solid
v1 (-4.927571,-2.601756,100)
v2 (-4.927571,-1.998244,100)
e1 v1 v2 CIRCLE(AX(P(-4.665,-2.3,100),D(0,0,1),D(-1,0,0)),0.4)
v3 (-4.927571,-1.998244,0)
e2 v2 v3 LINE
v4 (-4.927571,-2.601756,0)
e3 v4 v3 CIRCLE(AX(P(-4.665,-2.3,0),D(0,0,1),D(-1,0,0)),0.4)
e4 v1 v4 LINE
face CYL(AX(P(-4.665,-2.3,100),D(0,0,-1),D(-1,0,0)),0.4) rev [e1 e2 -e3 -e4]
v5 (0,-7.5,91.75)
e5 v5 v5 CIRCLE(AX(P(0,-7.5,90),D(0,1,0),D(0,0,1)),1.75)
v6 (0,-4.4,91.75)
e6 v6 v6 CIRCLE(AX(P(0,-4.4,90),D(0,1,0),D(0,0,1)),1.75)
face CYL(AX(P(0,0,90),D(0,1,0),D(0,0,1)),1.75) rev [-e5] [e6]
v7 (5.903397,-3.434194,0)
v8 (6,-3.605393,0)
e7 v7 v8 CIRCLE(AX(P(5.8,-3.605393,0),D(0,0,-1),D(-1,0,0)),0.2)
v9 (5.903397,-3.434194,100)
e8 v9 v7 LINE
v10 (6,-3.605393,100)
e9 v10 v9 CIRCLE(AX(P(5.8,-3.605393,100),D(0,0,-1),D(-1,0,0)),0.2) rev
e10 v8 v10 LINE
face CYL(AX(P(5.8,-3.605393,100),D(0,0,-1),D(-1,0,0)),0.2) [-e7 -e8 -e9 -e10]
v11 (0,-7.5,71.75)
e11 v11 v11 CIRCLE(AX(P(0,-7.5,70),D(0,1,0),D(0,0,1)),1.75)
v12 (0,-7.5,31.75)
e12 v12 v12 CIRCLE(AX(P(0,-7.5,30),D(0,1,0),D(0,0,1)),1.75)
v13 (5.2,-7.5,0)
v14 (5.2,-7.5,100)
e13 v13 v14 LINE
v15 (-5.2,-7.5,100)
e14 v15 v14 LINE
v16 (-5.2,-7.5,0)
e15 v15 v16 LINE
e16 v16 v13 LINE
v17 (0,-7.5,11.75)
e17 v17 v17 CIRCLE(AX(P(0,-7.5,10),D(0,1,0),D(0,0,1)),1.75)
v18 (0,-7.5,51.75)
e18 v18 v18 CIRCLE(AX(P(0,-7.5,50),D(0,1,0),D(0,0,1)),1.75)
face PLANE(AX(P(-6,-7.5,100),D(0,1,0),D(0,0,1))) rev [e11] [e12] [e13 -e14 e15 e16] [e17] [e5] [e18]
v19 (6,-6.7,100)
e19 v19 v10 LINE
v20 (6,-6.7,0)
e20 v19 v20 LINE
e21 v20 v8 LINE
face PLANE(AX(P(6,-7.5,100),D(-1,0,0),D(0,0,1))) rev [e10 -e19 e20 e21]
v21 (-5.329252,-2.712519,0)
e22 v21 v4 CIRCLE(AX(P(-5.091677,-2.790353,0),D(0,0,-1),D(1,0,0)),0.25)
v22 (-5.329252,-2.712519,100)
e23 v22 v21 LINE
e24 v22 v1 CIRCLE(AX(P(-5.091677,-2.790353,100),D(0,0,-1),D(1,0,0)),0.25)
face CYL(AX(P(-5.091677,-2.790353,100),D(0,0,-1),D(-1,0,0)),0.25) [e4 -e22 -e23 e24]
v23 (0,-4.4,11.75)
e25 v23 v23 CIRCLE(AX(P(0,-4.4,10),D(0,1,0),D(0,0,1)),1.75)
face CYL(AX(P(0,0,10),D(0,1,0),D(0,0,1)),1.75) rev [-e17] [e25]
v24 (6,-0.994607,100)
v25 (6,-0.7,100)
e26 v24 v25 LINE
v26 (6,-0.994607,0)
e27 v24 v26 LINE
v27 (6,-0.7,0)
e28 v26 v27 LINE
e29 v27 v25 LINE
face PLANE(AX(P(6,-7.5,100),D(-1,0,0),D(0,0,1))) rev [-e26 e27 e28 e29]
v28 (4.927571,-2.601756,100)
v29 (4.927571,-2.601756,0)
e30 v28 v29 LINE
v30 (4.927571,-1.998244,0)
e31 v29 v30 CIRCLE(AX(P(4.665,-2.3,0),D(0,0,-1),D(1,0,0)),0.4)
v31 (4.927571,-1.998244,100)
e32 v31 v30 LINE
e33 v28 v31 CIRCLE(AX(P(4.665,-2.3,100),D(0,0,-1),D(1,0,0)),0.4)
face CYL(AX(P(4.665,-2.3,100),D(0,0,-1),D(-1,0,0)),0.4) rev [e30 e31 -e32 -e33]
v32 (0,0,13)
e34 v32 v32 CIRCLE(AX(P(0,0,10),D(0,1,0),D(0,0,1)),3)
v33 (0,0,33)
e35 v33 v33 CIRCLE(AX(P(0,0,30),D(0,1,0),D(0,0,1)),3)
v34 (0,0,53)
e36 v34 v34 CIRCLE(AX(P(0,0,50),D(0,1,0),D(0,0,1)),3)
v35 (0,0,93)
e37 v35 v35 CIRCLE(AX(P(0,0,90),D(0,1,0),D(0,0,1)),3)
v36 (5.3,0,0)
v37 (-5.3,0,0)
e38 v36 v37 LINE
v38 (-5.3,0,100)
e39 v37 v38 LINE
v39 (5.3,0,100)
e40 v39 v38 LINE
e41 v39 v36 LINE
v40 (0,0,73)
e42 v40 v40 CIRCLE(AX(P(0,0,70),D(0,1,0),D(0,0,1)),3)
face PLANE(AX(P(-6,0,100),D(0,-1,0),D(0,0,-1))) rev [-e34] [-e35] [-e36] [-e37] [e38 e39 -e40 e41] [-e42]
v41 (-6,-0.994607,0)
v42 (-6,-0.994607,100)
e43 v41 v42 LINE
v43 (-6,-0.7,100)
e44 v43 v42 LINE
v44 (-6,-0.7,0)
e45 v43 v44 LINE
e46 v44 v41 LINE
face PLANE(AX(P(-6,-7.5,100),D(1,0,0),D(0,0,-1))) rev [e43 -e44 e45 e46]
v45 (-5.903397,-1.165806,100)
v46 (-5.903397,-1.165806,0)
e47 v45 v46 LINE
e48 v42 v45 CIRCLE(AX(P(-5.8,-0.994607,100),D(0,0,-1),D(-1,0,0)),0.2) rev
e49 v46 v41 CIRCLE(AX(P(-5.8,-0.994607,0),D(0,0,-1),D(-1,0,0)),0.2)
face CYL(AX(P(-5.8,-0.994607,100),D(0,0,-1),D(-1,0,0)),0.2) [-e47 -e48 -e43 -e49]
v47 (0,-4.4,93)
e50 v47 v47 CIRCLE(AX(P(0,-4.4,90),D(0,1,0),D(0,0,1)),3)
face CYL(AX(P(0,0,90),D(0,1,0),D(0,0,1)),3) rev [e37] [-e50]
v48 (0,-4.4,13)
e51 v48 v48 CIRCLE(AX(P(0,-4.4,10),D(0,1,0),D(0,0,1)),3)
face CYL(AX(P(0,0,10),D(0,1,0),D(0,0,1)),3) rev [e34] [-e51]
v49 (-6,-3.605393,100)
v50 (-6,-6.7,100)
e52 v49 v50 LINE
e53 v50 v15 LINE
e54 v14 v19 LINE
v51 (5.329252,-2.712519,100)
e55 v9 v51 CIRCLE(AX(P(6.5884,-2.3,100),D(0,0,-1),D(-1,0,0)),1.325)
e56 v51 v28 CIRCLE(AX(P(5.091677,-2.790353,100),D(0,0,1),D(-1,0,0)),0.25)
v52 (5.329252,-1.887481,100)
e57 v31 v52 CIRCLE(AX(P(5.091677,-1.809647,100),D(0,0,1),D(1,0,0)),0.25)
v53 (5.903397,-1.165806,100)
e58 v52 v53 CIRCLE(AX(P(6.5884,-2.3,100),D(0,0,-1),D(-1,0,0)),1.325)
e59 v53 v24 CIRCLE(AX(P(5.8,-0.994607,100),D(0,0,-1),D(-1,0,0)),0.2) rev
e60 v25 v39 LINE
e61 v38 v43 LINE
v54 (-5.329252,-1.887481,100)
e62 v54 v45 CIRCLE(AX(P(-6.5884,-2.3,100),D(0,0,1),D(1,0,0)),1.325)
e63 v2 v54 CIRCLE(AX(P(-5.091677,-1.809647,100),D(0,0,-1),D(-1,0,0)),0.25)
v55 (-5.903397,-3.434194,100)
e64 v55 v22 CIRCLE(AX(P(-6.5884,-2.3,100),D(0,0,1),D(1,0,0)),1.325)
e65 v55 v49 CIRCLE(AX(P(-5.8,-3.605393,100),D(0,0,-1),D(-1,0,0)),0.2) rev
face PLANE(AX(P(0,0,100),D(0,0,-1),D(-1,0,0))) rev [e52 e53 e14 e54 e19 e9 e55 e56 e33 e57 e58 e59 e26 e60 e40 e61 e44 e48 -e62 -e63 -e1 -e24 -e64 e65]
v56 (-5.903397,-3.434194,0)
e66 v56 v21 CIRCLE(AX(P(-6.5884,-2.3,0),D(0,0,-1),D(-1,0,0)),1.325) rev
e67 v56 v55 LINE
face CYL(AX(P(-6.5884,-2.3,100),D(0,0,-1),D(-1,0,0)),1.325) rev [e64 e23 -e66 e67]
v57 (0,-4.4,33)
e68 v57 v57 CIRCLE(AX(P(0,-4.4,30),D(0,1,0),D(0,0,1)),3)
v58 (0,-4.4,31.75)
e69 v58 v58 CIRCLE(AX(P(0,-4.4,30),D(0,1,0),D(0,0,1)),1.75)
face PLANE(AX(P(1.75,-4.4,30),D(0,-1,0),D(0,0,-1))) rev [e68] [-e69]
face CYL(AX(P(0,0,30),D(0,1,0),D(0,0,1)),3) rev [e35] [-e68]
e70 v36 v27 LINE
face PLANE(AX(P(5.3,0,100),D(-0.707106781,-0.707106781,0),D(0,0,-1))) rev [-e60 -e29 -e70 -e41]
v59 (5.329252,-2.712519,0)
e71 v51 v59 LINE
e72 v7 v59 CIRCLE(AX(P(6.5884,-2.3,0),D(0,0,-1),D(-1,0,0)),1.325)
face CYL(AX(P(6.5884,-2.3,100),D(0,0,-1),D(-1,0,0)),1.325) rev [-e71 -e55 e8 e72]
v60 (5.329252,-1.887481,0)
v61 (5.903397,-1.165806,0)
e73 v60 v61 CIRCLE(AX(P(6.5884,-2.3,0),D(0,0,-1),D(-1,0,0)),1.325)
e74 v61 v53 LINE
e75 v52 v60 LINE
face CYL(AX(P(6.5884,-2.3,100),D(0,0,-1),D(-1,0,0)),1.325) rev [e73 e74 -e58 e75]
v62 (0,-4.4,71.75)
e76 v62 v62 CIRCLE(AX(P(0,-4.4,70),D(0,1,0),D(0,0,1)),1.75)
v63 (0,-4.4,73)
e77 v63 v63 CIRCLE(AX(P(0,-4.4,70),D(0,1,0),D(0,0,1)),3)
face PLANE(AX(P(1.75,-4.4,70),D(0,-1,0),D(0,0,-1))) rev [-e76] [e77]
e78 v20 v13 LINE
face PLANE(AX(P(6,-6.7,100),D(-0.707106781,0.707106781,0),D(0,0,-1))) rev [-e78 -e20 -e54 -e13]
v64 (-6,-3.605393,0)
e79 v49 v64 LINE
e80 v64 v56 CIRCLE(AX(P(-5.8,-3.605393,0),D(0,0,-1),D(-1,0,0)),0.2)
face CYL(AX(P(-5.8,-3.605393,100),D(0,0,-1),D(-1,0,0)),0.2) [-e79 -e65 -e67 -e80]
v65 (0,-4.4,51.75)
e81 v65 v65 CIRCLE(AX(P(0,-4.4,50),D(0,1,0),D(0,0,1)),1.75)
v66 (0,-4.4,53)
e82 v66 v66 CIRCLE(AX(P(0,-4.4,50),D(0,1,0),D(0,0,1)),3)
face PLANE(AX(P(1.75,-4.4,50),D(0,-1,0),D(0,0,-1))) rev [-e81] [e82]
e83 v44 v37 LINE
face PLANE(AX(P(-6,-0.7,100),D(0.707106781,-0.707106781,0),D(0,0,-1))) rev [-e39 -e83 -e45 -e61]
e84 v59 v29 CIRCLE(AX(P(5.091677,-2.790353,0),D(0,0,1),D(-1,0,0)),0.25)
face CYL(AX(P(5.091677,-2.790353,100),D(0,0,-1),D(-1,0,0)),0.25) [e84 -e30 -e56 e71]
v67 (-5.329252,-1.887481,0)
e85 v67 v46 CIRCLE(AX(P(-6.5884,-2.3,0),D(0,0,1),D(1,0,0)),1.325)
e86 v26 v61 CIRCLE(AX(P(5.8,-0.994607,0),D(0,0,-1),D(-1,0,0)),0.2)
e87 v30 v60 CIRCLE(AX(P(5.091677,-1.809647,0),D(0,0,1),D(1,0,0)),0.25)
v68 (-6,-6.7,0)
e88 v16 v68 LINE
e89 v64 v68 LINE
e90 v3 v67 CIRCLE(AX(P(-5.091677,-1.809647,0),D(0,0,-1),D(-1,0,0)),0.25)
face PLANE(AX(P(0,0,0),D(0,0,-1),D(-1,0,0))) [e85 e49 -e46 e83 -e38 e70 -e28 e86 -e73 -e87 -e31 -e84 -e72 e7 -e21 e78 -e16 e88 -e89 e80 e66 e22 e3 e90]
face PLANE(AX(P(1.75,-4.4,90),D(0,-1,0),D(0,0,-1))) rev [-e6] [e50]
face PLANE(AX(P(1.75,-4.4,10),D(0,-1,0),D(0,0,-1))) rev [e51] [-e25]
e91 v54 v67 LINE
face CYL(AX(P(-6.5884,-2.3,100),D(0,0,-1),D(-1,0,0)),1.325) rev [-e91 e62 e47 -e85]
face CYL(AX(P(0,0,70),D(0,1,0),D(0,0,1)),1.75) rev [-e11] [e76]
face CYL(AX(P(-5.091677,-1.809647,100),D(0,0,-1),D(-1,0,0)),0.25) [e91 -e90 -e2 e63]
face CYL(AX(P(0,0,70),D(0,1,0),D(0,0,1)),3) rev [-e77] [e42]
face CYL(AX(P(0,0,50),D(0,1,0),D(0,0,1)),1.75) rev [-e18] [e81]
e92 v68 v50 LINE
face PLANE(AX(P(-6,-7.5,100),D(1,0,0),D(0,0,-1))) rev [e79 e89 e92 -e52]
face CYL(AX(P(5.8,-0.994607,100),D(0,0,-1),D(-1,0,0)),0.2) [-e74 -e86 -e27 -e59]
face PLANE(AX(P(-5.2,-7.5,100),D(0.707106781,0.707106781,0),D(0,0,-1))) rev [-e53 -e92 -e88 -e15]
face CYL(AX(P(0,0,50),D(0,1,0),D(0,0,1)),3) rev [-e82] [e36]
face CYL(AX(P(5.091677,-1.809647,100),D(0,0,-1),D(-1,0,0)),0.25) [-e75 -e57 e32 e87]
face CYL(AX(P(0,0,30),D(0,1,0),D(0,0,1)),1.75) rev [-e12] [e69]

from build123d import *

# Parameters (mm, degrees)
SKETCH4_W                                           = 12
SKETCH4_H                                           = 7.5
BOSS_EXTRUDE1_DEPTH                                 = 100
CUT_EXTRUDE1_DEPTH                                  = 101.460191121
FILLET1_R                                           = 0.2
CHAMFER1_SIZE                                       = 0.7
CHAMFER2_SIZE                                       = 0.8
CBORE_FOR_M3_HEX_SOCKET_HEAD_CAP_SCREW1_D           = 3.5
CBORE_FOR_M3_HEX_SOCKET_HEAD_CAP_SCREW1_CBORE_D     = 6
CBORE_FOR_M3_HEX_SOCKET_HEAD_CAP_SCREW1_CBORE_DEPTH = 4.4
LPATTERN1_COUNT                                     = 5
LPATTERN1_PITCH                                     = 20


with BuildPart() as part:
    # Sketch4 → Boss-Extrude1 (new body)
    with BuildSketch(Plane.XY):
        with Locations((0, -3.75)):
            Rectangle(SKETCH4_W, SKETCH4_H)
    extrude(amount=BOSS_EXTRUDE1_DEPTH)

    # Sketch5 → Cut-Extrude1 (cut, through all)
    with BuildSketch(Plane.XY):
        with BuildLine():
            ThreePointArc((-5.329252402, -1.887480513), (-7.9134, -2.3), (-5.329252402, -2.712519487))
            ThreePointArc((-5.329252402, -2.712519487), (-5.158134449, -2.549348252), (-4.927570698, -2.601755909))
            ThreePointArc((-4.927570698, -2.601755909), (-4.265, -2.3), (-4.927570698, -1.998244091))
            ThreePointArc((-4.927570698, -1.998244091), (-5.158134449, -2.050651748), (-5.329252402, -1.887480513))
        make_face()
    cut_extrude1 = extrude(amount=CUT_EXTRUDE1_DEPTH, mode=Mode.SUBTRACT)

    # Mirror3: Cut-Extrude1 across plane
    add(cut_extrude1.mirror(Plane(origin=(0, 0, 0), x_dir=(0, 0, 1), z_dir=(1, 0, 0))), mode=Mode.SUBTRACT)

    # Fillet1
    fillet1_edges = [part.edges().sort_by_distance(p)[0] for p in [
        (-6, -3.487185933, 50),
        (-6, -1.112814067, 50),
        (6, -1.112814067, 50),
        (6, -3.487185933, 50),
    ]]
    fillet(fillet1_edges, radius=FILLET1_R)

    # Chamfer1
    chamfer1_edges = [part.edges().sort_by_distance(p)[0] for p in [
        (-6, 0, 50),
        (6, 0, 50),
    ]]
    chamfer(chamfer1_edges, length=CHAMFER1_SIZE)

    # Chamfer2
    chamfer2_edges = [part.edges().sort_by_distance(p)[0] for p in [
        (6, -7.5, 50),
        (-6, -7.5, 50),
    ]]
    chamfer(chamfer2_edges, length=CHAMFER2_SIZE)

    # CBORE for M3 Hex Socket Head Cap Screw1 (through all)
    with Locations(Plane(origin=(0, 0, 0), x_dir=(1, 0, 0), z_dir=(0, 1, 0))):
        with Locations((0, -10)):
            cbore_for_m3_hex_socket_head_cap_screw1 = CounterBoreHole(CBORE_FOR_M3_HEX_SOCKET_HEAD_CAP_SCREW1_D / 2, CBORE_FOR_M3_HEX_SOCKET_HEAD_CAP_SCREW1_CBORE_D / 2, CBORE_FOR_M3_HEX_SOCKET_HEAD_CAP_SCREW1_CBORE_DEPTH)

    # LPattern1: CBORE for M3 Hex Socket Head Cap Screw1 ×5
    with Locations(*[(0, 0, i * LPATTERN1_PITCH) for i in range(1, LPATTERN1_COUNT)]):
        add(cbore_for_m3_hex_socket_head_cap_screw1, mode=Mode.SUBTRACT)


solid = part.part
